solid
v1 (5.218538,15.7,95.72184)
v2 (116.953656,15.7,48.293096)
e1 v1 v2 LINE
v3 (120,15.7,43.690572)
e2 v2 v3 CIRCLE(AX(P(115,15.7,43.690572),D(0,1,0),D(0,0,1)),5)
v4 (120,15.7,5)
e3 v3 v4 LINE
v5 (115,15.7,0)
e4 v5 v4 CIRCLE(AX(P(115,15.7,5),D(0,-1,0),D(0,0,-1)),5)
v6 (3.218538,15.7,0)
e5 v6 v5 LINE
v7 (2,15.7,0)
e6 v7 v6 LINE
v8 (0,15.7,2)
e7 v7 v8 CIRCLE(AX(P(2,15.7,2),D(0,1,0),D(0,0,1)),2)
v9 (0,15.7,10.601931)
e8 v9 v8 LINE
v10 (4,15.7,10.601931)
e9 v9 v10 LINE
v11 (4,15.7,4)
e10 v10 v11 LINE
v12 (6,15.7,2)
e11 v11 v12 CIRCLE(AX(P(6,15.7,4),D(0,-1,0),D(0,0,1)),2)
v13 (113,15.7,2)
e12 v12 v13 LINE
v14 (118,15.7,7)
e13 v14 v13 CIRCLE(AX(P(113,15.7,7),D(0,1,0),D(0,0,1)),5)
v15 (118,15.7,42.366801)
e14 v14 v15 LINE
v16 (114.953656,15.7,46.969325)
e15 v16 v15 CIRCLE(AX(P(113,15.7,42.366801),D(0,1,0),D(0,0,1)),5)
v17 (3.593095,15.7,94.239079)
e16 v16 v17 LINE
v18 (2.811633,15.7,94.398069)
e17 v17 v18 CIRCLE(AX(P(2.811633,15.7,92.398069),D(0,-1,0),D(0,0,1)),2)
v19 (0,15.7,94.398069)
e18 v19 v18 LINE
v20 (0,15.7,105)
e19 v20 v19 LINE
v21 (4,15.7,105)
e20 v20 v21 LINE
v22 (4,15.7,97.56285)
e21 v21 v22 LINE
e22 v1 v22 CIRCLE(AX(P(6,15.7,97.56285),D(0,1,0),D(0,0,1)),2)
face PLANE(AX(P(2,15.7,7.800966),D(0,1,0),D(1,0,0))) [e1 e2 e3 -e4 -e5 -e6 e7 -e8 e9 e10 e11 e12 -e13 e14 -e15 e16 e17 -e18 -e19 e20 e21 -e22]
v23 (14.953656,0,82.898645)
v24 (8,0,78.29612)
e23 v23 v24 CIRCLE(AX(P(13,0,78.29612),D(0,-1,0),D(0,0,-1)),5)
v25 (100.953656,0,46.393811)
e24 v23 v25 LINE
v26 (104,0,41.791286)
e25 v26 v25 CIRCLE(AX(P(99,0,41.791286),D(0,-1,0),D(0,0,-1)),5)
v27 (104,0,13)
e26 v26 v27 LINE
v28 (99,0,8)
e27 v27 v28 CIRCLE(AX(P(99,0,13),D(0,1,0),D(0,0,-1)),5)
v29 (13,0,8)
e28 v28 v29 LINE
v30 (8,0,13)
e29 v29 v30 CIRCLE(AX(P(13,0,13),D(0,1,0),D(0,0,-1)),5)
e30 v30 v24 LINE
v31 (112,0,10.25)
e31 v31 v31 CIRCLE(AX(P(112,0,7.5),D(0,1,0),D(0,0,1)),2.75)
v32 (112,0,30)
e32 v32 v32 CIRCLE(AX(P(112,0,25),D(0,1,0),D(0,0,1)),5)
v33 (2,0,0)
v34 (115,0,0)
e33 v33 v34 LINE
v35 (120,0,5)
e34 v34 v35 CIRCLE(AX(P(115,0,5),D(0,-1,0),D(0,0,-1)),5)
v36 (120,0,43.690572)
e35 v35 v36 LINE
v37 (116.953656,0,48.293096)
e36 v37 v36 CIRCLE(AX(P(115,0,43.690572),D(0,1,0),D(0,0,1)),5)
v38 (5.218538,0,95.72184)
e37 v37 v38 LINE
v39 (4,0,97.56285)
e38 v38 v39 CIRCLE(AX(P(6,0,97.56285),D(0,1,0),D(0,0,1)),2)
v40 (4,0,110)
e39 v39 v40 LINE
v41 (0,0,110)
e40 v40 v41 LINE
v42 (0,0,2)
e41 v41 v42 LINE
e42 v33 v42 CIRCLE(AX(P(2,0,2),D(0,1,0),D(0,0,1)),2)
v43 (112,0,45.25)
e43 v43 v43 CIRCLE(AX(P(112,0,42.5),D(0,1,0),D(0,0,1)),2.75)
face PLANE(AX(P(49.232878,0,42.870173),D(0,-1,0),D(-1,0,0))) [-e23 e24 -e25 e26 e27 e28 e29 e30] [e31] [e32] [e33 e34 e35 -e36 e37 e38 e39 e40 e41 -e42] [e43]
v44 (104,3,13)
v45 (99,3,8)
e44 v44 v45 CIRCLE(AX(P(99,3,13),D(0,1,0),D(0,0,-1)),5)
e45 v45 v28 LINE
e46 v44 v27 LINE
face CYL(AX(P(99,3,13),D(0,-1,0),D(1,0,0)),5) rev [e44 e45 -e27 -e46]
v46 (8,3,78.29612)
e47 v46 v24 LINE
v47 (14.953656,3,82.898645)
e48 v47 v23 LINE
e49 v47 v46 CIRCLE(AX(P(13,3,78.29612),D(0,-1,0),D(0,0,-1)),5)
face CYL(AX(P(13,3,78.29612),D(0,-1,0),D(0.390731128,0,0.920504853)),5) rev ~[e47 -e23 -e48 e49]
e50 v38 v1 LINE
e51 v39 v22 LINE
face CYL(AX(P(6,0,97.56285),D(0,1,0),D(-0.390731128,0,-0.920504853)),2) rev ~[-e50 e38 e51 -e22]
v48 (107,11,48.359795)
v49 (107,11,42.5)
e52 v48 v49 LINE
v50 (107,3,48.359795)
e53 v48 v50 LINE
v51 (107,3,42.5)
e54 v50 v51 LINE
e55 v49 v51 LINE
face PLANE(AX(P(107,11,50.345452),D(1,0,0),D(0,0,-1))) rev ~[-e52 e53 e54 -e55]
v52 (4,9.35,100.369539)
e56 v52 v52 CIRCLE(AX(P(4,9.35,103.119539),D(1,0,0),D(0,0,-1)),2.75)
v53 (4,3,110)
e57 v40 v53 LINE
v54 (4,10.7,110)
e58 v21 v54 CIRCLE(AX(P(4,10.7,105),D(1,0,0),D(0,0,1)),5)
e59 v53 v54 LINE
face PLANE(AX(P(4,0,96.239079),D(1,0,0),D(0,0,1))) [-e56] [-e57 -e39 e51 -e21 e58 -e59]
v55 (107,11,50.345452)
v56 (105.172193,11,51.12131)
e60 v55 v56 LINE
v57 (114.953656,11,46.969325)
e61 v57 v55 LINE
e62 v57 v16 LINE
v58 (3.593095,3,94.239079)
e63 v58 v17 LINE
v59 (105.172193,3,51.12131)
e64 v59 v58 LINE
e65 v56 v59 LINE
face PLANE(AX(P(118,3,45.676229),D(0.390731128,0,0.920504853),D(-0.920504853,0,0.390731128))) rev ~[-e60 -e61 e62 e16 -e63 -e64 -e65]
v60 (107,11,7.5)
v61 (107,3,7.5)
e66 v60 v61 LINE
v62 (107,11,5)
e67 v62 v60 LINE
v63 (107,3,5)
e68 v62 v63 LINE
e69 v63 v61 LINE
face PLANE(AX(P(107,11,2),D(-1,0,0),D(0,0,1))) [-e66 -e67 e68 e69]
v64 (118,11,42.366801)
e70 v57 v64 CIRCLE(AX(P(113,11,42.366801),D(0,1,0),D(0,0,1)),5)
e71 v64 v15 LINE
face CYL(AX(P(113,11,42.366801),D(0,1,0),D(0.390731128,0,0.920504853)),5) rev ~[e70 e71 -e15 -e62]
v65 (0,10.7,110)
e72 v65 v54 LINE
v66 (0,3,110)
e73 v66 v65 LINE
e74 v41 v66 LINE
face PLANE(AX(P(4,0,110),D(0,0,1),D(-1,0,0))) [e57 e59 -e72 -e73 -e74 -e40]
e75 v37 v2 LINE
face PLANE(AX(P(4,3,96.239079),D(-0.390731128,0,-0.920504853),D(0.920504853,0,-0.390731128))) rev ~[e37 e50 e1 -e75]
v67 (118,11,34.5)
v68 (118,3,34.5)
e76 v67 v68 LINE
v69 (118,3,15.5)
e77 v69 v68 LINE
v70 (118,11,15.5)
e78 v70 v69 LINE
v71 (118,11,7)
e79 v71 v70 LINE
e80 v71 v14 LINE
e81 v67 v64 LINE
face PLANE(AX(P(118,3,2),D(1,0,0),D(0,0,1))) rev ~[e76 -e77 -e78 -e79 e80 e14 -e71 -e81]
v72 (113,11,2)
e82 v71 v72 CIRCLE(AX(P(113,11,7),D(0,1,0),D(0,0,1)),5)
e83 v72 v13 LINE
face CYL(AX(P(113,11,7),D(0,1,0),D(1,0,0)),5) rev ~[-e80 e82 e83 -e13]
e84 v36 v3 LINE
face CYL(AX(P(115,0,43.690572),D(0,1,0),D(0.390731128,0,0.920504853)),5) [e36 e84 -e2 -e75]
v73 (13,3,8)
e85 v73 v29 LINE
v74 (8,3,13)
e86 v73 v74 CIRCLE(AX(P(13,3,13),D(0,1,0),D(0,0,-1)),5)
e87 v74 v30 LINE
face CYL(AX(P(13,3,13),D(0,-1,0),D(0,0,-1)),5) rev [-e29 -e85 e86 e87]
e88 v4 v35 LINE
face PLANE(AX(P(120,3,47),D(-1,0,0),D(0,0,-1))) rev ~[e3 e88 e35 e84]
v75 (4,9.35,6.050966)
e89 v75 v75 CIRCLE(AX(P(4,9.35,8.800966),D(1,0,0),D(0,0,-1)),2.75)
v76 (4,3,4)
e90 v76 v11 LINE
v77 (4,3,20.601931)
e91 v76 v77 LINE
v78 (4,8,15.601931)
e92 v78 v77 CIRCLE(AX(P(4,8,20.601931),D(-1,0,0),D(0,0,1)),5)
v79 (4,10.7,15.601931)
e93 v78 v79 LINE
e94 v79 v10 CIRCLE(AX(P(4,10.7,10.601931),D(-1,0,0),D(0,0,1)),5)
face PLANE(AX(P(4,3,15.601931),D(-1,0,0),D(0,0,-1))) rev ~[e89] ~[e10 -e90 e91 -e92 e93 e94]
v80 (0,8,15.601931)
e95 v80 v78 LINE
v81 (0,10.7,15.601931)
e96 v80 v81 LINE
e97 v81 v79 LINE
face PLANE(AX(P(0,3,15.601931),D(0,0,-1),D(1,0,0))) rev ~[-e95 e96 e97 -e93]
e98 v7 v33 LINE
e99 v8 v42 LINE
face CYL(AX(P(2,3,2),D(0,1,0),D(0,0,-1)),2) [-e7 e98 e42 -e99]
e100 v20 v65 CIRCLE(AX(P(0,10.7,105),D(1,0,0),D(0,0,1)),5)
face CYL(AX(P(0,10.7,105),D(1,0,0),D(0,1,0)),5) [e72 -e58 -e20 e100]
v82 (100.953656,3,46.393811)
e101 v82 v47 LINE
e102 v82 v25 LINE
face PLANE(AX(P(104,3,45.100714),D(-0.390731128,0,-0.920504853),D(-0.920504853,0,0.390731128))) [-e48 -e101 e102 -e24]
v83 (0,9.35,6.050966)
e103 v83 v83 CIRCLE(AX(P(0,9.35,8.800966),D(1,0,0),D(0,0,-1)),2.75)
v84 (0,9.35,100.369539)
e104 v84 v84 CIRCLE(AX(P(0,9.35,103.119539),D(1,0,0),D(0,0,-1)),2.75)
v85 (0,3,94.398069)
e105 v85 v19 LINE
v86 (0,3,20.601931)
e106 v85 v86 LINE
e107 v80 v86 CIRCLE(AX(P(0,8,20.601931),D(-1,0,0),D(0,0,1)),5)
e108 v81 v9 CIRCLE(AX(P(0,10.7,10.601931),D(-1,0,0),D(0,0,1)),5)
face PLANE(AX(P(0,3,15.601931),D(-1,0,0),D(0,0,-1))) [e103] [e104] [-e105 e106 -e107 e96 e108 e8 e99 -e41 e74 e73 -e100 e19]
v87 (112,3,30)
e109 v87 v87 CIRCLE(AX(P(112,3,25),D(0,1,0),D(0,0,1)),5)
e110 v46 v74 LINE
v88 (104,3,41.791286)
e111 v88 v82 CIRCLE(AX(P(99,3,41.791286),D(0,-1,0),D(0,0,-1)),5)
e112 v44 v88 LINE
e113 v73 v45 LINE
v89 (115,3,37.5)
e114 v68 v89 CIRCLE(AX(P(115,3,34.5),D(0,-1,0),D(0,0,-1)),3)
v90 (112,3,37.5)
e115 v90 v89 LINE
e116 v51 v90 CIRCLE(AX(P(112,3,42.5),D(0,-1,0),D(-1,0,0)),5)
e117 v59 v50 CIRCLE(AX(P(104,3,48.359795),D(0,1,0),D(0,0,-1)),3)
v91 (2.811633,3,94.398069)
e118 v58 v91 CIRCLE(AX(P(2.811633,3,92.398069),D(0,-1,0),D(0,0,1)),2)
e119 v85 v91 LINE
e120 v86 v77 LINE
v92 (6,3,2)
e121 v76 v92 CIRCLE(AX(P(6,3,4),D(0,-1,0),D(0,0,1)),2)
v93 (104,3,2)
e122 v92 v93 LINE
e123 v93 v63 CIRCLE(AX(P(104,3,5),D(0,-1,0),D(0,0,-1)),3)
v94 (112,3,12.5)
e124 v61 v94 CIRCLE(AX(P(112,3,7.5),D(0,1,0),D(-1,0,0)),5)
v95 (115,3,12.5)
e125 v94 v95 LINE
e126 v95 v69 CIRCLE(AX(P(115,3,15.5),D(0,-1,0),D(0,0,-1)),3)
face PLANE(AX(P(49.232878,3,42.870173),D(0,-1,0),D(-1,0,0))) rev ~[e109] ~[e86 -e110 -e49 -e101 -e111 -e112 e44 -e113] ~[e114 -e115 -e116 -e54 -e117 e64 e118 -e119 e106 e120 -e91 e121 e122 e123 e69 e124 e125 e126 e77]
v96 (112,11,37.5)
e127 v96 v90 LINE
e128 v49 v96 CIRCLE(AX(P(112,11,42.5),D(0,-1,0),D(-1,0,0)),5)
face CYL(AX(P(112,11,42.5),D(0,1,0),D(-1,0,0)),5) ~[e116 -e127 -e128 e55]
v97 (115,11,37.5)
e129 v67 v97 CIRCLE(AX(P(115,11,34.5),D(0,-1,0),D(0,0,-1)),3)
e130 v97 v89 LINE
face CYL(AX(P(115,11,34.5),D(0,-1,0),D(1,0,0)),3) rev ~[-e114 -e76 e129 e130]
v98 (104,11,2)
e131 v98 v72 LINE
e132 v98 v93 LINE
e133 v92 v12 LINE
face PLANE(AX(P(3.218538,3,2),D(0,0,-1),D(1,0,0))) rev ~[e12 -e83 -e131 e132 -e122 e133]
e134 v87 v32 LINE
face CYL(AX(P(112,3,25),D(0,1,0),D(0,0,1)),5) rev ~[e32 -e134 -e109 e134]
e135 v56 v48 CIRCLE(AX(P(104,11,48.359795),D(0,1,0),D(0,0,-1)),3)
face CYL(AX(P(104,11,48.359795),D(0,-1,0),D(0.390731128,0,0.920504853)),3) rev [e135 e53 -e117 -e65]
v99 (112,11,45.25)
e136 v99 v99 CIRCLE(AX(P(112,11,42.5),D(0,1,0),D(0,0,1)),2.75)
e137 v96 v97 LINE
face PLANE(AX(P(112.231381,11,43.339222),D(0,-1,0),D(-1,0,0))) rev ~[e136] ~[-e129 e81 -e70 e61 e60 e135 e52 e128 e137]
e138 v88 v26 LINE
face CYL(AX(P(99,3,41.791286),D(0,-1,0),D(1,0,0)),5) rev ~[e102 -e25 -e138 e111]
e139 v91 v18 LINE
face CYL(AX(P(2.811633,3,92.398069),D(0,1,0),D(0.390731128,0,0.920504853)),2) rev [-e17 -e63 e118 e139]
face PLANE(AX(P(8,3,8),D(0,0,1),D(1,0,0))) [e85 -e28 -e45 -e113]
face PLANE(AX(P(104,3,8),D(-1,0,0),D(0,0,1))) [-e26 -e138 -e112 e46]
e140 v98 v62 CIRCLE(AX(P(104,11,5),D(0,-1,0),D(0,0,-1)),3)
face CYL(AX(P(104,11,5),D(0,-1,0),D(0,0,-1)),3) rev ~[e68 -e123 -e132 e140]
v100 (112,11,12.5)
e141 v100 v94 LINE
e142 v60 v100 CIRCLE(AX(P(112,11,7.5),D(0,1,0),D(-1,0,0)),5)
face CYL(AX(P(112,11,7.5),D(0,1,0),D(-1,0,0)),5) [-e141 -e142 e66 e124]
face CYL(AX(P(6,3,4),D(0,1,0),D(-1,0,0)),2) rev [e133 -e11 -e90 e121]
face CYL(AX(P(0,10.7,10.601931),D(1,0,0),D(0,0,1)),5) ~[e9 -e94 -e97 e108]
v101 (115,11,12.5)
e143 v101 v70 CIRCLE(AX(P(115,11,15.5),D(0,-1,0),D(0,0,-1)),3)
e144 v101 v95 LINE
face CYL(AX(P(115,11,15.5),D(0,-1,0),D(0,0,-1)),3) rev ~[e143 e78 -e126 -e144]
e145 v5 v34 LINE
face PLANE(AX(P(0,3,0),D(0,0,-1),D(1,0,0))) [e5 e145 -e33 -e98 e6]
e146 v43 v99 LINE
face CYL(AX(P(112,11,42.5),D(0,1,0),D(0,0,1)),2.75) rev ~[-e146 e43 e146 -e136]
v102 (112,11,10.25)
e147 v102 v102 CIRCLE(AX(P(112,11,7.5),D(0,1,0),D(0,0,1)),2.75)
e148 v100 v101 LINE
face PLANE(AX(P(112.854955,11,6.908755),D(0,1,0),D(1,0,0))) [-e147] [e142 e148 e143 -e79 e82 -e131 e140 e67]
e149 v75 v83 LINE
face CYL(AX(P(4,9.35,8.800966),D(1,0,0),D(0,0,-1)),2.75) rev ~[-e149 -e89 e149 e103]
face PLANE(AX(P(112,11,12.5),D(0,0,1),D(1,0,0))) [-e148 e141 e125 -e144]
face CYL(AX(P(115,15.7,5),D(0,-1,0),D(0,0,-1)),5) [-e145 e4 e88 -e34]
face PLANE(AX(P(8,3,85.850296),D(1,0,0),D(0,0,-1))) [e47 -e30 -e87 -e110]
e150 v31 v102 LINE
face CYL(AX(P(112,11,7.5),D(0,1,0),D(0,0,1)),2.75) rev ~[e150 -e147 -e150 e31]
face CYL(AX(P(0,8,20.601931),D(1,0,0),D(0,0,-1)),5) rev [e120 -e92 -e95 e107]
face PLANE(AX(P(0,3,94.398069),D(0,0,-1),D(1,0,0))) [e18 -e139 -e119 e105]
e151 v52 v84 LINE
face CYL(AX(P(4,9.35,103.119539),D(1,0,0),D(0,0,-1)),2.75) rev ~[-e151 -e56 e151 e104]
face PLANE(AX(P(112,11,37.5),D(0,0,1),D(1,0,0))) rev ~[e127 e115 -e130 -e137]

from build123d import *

# Parameters (mm, degrees)
BOSS_EXTRUDE1_DEPTH = 3
SKETCH2_R           = 2.75
CUT_EXTRUDE3_DEPTH  = 163.815846895
BOSS_EXTRUDE3_DEPTH = 12.7
BOSS_EXTRUDE4_START = 8
SKETCH8_R           = 2.75
BOSS_EXTRUDE4_DEPTH = 8
SKETCH9_W           = 4
SKETCH9_H           = 15.601931027
BOSS_EXTRUDE5_DEPTH = 12.7
SKETCH10_R          = 2.75
CUT_EXTRUDE4_DEPTH  = 110.875
FILLET3_R           = 5
SKETCH11_R          = 5
CUT_EXTRUDE5_DEPTH  = 15.875
FILLET4_R           = 2
FILLET5_R           = 3
FILLET7_R           = 2


with BuildPart() as part:
    # Sketch1 → Boss-Extrude1 (new body)
    with BuildSketch(Plane(origin=(0, 0, 0), x_dir=(1, 0, 0), z_dir=(0, 1, 0))):
        Polygon((0, 0), (120, 0), (120, -47), (4, -96.23907868), (4, -110), (0, -110), align=None)
    extrude(amount=BOSS_EXTRUDE1_DEPTH)

    # Sketch2 → Cut-Extrude3 (cut, through all)
    with BuildSketch(Plane(origin=(0, 3, 0), x_dir=(1, 0, 0), z_dir=(0, 1, 0))):
        with Locations(Location((112, -7.5, 0), (0, 0, 270))):
            Circle(SKETCH2_R)
        with Locations(Location((112, -42.5, 0), (0, 0, 270))):
            Circle(SKETCH2_R)
        Polygon((104, -8), (104, -45.10071404), (8, -85.850296396), (8, -8), align=None)
    extrude(amount=-CUT_EXTRUDE3_DEPTH, mode=Mode.SUBTRACT)

    # Sketch7 → Boss-Extrude3 (add)
    with BuildSketch(Plane(origin=(0, 3, 0), x_dir=(1, 0, 0), z_dir=(0, 1, 0))):
        Polygon((118, -45.676228878), (3.218537743, -94.398068973), (4, -96.23907868), (120, -47), (120, 0), (3.218537743, 0), (3.218537743, -2), (118, -2), align=None)
    extrude(amount=BOSS_EXTRUDE3_DEPTH)

    # Sketch8 → Boss-Extrude4 (add)
    # profile 1 of 2: a face of its own
    with BuildSketch(Plane(origin=(0, 3, 0), x_dir=(1, 0, 0), z_dir=(0, 1, 0)).offset(BOSS_EXTRUDE4_START)):
        with BuildLine():
            Line((112, -12.5), (118, -12.5))
            Line((118, -12.5), (118, -2))
            Line((118, -2), (107, -2))
            Line((107, -2), (107, -7.5))
            ThreePointArc((107, -7.5), (108.464466094, -11.035533906), (112, -12.5))
        make_face()
        with Locations(Location((112, -7.5, 0), (0, 0, 270))):
            Circle(SKETCH8_R, mode=Mode.SUBTRACT)
    # profile 2 of 2: a face of its own
    with BuildSketch(Plane(origin=(0, 3, 0), x_dir=(1, 0, 0), z_dir=(0, 1, 0)).offset(BOSS_EXTRUDE4_START)):
        with BuildLine():
            Line((112, -37.5), (118, -37.5))
            Line((118, -37.5), (118, -45.676228878))
            Line((118, -45.676228878), (107, -50.345451856))
            Line((107, -50.345451856), (107, -42.5))
            ThreePointArc((107, -42.5), (108.464466094, -38.964466094), (112, -37.5))
        make_face()
        with Locations(Location((112, -42.5, 0), (0, 0, 270))):
            Circle(SKETCH8_R, mode=Mode.SUBTRACT)
    extrude(amount=-BOSS_EXTRUDE4_DEPTH)

    # Sketch9 → Boss-Extrude5 (add)
    with BuildSketch(Plane(origin=(0, 3, 0), x_dir=(1, 0, 0), z_dir=(0, 1, 0))):
        with Locations((2, -7.800965514)):
            Rectangle(SKETCH9_W, SKETCH9_H)
        with Locations((2, -102.199034487)):
            Rectangle(SKETCH9_W, SKETCH9_H)
    extrude(amount=BOSS_EXTRUDE5_DEPTH)

    # Sketch10 → Cut-Extrude4 (cut)
    with BuildSketch(Plane(origin=(4, 0, 0), x_dir=(0, 0, -1), z_dir=(1, 0, 0))):
        with Locations((-8.800965513, 9.35)):
            Circle(SKETCH10_R)
        with Locations((-103.11953934, 9.35)):
            Circle(SKETCH10_R)
    extrude(amount=-CUT_EXTRUDE4_DEPTH, mode=Mode.SUBTRACT)

    # Fillet3
    fillet3_edges = [part.edges().sort_by_distance(p)[0] for p in [
        (120, 7.85, 0),
        (120, 7.85, 47),
        (2, 3, 15.601931027),
        (2, 15.7, 15.601931027),
        (2, 15.7, 110),
        (8, 1.5, 8),
        (104, 1.5, 8),
        (104, 1.5, 45.10071404),
        (8, 1.5, 85.850296396),
        (118, 13.35, 2),
        (118, 13.35, 45.676228878),
    ]]
    fillet(fillet3_edges, radius=FILLET3_R)

    # Sketch11 → Cut-Extrude5 (cut)
    with BuildSketch(Plane(origin=(0, 3, 0), x_dir=(1, 0, 0), z_dir=(0, 1, 0))):
        with Locations(Location((112, -25, 0), (0, 0, 270))):
            Circle(SKETCH11_R)
    extrude(amount=-CUT_EXTRUDE5_DEPTH, mode=Mode.SUBTRACT)

    # Fillet4
    fillet4_edges = [part.edges().sort_by_distance(p)[0] for p in [
        (4, 7.85, 96.23907868),
        (4, 9.35, 2),
    ]]
    fillet(fillet4_edges, radius=FILLET4_R)

    # Fillet5
    fillet5_edges = [part.edges().sort_by_distance(p)[0] for p in [
        (107, 7, 50.345451856),
        (118, 7, 37.5),
        (118, 7, 12.5),
        (107, 7, 2),
    ]]
    fillet(fillet5_edges, radius=FILLET5_R)

    # Fillet7
    fillet7_edges = [part.edges().sort_by_distance(p)[0] for p in [
        (0, 7.85, 0),
        (3.218537743, 9.35, 94.398068973),
    ]]
    fillet(fillet7_edges, radius=FILLET7_R)


solid = part.part
